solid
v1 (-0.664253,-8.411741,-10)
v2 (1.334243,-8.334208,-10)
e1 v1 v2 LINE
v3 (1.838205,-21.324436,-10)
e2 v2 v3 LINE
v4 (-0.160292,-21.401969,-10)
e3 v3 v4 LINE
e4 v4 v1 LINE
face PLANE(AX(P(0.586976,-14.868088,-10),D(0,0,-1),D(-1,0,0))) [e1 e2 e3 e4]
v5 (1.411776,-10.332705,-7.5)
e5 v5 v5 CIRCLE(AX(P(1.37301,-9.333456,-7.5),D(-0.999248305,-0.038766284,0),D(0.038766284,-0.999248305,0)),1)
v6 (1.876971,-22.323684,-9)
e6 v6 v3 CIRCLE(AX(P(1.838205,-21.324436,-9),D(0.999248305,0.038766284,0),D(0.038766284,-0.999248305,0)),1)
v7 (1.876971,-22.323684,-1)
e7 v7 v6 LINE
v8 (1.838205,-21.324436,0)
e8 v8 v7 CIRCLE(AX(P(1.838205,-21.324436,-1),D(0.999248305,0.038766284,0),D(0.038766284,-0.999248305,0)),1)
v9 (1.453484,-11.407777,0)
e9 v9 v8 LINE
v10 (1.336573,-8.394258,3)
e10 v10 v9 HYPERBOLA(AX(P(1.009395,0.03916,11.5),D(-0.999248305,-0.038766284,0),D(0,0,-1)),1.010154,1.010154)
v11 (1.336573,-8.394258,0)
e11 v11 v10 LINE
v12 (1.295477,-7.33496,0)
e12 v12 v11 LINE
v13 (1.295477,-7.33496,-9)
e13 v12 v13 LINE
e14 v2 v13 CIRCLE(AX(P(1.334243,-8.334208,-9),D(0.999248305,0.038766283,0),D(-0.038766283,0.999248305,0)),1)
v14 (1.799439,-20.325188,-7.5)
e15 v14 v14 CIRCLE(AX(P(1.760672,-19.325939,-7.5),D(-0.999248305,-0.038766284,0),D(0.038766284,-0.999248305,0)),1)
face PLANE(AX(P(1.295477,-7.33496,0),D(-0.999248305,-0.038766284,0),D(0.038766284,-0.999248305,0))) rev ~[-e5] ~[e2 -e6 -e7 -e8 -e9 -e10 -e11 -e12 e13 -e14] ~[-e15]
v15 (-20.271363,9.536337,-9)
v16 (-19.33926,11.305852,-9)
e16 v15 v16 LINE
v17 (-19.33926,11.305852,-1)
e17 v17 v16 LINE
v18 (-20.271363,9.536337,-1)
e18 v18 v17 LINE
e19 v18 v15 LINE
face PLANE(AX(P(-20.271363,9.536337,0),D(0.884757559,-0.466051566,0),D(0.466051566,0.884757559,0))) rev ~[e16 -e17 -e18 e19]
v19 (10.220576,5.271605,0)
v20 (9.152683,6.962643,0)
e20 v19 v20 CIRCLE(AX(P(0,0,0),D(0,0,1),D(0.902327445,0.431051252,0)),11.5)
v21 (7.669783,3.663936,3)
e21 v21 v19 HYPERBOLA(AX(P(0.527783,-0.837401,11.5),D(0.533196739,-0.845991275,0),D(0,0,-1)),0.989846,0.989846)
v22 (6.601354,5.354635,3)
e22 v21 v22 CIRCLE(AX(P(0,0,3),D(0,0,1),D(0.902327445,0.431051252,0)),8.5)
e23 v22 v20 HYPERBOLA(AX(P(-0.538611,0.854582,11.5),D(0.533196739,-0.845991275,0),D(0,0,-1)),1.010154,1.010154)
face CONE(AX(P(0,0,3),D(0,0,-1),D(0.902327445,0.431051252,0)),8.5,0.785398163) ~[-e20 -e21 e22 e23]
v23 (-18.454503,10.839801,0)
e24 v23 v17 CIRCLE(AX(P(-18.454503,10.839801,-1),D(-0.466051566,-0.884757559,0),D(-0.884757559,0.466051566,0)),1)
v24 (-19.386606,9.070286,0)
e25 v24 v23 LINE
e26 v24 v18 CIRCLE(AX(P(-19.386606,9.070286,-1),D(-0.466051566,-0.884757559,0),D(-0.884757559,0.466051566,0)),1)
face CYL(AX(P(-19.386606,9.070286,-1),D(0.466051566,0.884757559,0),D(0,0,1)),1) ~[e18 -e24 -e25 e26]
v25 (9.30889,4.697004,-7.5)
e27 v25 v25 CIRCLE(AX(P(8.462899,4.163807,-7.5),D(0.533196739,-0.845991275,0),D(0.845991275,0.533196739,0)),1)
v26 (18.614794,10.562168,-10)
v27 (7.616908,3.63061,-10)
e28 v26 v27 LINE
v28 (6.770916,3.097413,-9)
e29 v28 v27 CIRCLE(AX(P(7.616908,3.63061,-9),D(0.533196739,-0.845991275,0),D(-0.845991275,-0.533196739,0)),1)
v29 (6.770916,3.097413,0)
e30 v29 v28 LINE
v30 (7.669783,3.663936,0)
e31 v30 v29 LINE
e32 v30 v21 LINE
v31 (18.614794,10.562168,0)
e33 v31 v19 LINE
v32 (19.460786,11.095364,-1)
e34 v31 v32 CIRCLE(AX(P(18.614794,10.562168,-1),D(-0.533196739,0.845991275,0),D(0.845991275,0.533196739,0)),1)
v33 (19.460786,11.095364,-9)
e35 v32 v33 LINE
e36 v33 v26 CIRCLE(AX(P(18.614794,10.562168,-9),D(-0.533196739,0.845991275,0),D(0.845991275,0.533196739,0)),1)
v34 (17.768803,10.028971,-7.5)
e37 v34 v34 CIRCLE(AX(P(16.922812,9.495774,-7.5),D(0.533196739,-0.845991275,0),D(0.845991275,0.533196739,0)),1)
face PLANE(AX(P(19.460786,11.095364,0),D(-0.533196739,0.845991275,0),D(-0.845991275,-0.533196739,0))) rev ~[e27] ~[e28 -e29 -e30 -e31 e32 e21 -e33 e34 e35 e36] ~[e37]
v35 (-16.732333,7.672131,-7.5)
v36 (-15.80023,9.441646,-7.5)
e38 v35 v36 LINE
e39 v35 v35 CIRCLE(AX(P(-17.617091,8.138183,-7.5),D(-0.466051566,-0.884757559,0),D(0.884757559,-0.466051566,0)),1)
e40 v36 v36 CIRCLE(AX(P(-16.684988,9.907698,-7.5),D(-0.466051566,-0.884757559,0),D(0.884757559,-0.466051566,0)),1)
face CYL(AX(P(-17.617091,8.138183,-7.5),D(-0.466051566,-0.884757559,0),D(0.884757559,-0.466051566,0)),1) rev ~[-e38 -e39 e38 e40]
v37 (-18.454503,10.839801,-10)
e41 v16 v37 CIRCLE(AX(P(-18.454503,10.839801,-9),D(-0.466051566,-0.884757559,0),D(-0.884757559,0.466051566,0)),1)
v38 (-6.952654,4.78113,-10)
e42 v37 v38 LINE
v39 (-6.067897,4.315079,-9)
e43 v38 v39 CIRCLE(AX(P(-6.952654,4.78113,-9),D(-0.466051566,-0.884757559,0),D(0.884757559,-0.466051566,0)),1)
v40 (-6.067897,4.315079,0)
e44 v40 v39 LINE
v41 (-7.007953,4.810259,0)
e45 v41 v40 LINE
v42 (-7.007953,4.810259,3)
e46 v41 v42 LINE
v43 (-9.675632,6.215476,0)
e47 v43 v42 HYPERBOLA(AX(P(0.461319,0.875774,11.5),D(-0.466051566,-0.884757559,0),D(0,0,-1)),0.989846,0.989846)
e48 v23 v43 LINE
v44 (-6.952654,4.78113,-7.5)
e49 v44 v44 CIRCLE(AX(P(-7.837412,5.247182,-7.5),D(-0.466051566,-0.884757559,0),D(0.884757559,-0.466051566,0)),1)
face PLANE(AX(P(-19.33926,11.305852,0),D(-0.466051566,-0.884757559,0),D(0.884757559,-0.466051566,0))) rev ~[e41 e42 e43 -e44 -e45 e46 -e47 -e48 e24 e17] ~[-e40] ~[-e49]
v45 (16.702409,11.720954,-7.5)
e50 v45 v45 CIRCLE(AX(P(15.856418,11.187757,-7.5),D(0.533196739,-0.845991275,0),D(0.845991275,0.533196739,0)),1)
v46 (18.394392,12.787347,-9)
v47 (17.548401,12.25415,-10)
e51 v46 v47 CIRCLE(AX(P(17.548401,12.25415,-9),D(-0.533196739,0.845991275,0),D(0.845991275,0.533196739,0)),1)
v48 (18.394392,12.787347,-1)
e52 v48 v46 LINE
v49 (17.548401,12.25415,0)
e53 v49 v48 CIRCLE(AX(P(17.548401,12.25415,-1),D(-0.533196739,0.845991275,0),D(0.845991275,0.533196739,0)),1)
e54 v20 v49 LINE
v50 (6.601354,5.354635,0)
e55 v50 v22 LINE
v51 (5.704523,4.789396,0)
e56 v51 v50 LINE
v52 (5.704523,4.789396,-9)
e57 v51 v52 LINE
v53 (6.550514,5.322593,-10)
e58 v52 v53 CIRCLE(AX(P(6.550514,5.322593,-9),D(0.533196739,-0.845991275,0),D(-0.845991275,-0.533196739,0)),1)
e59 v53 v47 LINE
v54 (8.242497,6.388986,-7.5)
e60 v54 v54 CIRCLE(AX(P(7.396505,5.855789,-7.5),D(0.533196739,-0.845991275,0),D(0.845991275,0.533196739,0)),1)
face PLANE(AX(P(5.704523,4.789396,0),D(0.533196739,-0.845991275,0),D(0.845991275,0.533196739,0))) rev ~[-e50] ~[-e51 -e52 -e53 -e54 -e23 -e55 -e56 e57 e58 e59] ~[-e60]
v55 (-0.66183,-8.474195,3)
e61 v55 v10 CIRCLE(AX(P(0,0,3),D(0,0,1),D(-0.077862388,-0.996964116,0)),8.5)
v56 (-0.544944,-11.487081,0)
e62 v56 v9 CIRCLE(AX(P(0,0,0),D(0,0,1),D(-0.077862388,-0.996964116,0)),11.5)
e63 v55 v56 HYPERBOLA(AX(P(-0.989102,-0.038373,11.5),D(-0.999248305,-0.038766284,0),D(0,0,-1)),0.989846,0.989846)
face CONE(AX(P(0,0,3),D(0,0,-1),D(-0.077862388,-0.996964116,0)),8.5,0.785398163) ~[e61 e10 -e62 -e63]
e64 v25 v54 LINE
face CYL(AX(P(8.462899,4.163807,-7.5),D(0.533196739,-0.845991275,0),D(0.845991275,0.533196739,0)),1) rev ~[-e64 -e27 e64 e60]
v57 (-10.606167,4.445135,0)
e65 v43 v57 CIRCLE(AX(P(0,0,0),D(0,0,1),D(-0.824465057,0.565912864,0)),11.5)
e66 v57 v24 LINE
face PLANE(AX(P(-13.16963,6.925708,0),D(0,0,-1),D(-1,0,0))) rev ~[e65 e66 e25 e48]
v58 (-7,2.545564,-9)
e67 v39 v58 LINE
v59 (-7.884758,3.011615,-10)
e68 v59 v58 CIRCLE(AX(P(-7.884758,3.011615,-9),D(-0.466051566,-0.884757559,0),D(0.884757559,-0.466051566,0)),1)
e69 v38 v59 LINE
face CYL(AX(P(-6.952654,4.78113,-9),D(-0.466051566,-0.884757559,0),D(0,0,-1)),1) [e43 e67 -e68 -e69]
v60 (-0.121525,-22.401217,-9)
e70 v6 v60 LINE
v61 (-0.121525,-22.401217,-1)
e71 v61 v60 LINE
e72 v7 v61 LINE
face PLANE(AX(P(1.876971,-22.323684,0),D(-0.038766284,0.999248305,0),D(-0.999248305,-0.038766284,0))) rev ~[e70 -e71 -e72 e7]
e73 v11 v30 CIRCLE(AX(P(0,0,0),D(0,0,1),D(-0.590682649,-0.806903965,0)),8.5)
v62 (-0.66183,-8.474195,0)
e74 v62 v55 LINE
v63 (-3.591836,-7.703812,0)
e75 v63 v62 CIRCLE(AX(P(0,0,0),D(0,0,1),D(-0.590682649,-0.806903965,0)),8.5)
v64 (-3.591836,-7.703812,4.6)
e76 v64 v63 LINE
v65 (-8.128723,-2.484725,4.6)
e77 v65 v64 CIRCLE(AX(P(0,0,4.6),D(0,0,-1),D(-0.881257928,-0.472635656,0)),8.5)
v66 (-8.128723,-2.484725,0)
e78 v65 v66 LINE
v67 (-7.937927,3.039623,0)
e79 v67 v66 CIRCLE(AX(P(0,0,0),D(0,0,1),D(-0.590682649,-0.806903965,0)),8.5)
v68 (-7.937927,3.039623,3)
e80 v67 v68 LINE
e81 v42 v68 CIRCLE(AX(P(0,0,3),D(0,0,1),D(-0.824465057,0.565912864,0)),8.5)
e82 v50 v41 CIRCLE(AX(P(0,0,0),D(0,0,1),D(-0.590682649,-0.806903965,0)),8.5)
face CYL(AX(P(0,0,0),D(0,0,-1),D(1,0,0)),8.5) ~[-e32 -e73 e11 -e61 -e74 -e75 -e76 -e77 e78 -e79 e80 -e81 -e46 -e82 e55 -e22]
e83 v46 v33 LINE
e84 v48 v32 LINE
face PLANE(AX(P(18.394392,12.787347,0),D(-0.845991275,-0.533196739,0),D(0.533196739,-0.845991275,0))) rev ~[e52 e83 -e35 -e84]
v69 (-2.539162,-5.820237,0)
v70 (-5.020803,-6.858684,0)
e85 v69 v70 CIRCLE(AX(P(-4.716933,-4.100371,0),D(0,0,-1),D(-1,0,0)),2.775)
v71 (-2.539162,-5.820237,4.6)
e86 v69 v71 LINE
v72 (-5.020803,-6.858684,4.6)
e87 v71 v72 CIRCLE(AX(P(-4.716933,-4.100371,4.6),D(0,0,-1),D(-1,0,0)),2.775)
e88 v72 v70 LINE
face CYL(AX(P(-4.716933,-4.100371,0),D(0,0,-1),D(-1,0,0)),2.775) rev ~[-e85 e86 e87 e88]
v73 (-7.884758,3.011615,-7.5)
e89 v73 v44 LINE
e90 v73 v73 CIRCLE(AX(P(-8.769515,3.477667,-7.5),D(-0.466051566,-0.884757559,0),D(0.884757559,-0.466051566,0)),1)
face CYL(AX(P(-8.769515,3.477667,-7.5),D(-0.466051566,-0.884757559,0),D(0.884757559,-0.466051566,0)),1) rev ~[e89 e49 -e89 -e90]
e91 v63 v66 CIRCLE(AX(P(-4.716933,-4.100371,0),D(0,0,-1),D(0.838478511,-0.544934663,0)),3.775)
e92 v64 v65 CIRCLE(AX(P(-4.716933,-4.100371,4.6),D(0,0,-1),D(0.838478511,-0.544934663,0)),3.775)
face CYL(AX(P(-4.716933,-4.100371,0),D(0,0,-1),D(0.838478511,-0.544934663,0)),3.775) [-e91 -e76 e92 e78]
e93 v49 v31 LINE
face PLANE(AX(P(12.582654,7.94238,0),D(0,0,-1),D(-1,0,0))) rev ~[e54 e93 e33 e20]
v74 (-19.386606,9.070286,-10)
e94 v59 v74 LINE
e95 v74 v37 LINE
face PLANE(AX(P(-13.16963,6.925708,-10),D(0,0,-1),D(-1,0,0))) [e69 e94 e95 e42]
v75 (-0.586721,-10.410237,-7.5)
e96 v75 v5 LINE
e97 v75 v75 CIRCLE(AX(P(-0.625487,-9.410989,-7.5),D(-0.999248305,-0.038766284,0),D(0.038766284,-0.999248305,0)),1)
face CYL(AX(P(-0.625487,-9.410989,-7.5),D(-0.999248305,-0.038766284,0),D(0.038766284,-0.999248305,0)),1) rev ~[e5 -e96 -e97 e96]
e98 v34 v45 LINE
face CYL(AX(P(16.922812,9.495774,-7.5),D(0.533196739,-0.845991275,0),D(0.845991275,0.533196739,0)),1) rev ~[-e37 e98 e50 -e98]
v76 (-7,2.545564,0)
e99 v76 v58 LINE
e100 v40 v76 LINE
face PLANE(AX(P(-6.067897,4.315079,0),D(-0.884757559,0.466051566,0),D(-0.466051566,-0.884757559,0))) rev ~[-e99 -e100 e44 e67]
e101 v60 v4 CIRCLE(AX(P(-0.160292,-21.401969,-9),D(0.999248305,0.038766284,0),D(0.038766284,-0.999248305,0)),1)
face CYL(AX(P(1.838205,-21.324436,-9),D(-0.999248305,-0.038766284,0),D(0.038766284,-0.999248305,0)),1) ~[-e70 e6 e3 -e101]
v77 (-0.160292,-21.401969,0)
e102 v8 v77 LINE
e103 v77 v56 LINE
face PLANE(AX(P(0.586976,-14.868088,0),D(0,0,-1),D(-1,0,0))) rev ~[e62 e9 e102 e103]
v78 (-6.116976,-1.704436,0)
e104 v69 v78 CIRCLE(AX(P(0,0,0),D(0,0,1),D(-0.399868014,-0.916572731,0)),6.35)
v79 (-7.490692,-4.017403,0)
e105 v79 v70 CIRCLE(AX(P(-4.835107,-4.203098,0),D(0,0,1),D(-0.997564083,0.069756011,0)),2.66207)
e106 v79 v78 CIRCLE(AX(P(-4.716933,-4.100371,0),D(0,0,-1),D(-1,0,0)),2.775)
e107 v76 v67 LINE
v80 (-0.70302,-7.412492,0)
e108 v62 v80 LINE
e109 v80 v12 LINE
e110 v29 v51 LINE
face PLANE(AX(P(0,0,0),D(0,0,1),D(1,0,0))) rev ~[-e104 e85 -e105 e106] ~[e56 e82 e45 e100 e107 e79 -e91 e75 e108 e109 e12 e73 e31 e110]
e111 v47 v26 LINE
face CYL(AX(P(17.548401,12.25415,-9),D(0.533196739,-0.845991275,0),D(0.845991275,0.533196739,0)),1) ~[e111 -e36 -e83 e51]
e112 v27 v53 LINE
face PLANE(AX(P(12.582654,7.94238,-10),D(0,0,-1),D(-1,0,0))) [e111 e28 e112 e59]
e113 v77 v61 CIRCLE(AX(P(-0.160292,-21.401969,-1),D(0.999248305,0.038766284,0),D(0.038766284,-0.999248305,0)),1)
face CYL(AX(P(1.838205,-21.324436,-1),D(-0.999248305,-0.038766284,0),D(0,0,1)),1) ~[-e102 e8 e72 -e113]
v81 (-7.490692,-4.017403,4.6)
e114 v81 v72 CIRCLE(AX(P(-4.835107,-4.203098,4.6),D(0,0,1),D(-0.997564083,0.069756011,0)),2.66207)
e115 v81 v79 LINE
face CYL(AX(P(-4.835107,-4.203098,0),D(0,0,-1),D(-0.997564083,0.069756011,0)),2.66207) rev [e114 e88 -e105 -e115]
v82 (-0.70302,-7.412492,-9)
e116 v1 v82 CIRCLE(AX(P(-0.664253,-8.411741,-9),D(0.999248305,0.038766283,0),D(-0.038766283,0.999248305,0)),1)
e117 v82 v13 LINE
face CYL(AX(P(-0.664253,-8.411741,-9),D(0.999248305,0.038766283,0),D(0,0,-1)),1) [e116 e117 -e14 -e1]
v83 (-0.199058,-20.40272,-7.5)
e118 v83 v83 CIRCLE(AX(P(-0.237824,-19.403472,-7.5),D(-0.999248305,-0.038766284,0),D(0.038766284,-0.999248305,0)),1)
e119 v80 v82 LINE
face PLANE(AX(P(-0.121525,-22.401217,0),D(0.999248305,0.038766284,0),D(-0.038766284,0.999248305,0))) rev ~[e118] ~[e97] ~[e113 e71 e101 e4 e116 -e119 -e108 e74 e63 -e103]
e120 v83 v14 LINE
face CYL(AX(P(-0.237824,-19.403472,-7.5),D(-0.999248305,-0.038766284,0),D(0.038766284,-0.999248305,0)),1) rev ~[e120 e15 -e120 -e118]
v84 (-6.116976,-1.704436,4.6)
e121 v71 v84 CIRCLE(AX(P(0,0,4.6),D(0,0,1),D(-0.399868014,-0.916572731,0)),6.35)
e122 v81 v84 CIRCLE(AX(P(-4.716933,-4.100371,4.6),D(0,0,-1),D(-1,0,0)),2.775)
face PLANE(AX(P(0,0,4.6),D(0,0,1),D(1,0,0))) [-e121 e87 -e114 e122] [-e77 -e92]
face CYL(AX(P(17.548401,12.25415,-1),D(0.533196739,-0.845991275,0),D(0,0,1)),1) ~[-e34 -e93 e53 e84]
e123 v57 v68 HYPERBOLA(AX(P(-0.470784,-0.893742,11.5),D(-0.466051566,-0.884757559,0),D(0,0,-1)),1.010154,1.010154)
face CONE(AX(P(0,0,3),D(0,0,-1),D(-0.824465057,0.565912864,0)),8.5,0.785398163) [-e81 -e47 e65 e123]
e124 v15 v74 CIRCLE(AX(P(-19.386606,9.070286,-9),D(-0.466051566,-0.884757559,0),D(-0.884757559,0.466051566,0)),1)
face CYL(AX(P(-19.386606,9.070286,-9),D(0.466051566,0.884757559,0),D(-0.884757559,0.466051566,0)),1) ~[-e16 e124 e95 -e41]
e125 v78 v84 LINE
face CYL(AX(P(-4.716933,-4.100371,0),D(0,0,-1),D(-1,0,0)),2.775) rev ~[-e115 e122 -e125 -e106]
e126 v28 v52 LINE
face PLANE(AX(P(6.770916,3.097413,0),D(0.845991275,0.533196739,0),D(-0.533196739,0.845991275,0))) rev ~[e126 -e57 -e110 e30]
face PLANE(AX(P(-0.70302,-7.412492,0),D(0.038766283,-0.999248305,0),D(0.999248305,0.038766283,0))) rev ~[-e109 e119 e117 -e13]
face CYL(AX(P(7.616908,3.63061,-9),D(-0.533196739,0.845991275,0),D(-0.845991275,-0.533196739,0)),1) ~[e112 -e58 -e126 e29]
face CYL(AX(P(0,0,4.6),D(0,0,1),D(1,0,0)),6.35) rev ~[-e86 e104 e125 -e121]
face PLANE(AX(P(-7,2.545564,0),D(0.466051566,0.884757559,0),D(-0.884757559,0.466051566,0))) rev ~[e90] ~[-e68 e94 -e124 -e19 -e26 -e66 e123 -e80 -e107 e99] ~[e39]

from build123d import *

# Parameters (mm, degrees)
CROQUIS1_R              = 8.5
SALIENTE_EXTRUIR1_DEPTH = 4.6
CROQUIS6_R              = 6.35
CORTAR_EXTRUIR1_DEPTH   = 13.870897405
CROQUIS13_R             = 2.775
CORTAR_EXTRUIR7_DEPTH   = 10
SALIENTE_EXTRUIR4_DEPTH = 4.6
SALIENTE_EXTRUIR6_DEPTH = 10
CHAFL_N1_SIZE           = 3
REDONDEO1_R             = 1
CROQUIS16_R             = 1
CORTAR_EXTRUIR8_DEPTH   = 5
CHAFL_N3_SIZE           = 3
REDONDEO3_R             = 1
CROQUIS19_R             = 1
CORTAR_EXTRUIR10_DEPTH  = 5
CROQUIS20_R             = 1
CORTAR_EXTRUIR11_DEPTH  = 5


with BuildPart() as part:
    # Croquis1 → Saliente-Extruir1 (new body)
    with BuildSketch(Plane.XY):
        Circle(CROQUIS1_R)
    extrude(amount=SALIENTE_EXTRUIR1_DEPTH)

    # Croquis6 → Cortar-Extruir1 (cut, through all)
    with BuildSketch(Plane.XY.offset(4.6)):
        Circle(CROQUIS6_R)
    extrude(amount=-CORTAR_EXTRUIR1_DEPTH, mode=Mode.SUBTRACT)

    # Croquis13 → Cortar-Extruir7 (cut)
    with BuildSketch(Plane(origin=(0, 0, 0), x_dir=(-1, 0, 0), z_dir=(0, 0, -1))):
        with Locations((4.716932975, -4.100371118)):
            Circle(CROQUIS13_R)
    extrude(amount=-CORTAR_EXTRUIR7_DEPTH, mode=Mode.SUBTRACT)

    # Croquis14 → Saliente-Extruir4 (add)
    with BuildSketch(Plane(origin=(0, 0, 0), x_dir=(-1, 0, 0), z_dir=(0, 0, -1))):
        with BuildLine():
            ThreePointArc((1.551676597, -6.157499471), (7.565960492, -6.576995274), (6.313526123, -0.679623346))
            ThreePointArc((6.313526123, -0.679623346), (6.23633763, -1.196073977), (6.11697615, -1.704436205))
            ThreePointArc((6.11697615, -1.704436205), (7.102852286, -2.683326996), (7.490692392, -4.017403077))
            ThreePointArc((7.490692392, -4.017403077), (6.844195938, -5.949574331), (5.020802515, -6.858683701))
            ThreePointArc((5.020802515, -6.858683701), (3.645732845, -6.660284257), (2.539161891, -5.820236841))
            ThreePointArc((2.539161891, -5.820236841), (2.052358742, -6.0091866), (1.551676597, -6.157499471))
        make_face()
    extrude(amount=-SALIENTE_EXTRUIR4_DEPTH)

    # Croquis15 → Saliente-Extruir6 (add)
    with BuildSketch(Plane(origin=(0, 0, 0), x_dir=(-1, 0, 0), z_dir=(0, 0, -1))):
        Polygon((6.067896868, 4.315078912), (7, 2.545563795), (20.271363381, 9.536337286), (19.339260249, 11.305852404), align=None)
        Polygon((0.121525269, -22.401216868), (0.703019524, -7.412492291), (-1.295477087, -7.334959724), (-1.876971341, -22.323684301), align=None)
        Polygon((-19.460785518, 11.095364464), (-6.770916391, 3.097413379), (-5.704522913, 4.789395929), (-18.39439204, 12.787347014), align=None)
    extrude(amount=SALIENTE_EXTRUIR6_DEPTH)

    # Chaflán1
    chafl_n1_edges = [part.edges().sort_by_distance(p)[0] for p in [
        (-7.525199261, 3.952388655, 0),
    ]]
    chamfer(chafl_n1_edges, length=CHAFL_N1_SIZE)

    # Redondeo1
    redondeo1_edges = [part.edges().sort_by_distance(p)[0] for p in [
        (-19.805311815, 10.421094845, 0),
        (-6.533948434, 3.430321354, -10),
        (-19.805311815, 10.421094845, -10),
    ]]
    fillet(redondeo1_edges, radius=REDONDEO1_R)

    # Croquis16 → Cortar-Extruir8 (cut)
    with BuildSketch(Plane(origin=(-0.470783925, -0.893741523, 0), x_dir=(-0.8847575587350184, 0.46605156609676857, 0), z_dir=(-0.4660515660967685, -0.8847575587350183, 0))):
        with Locations(Location((9.379666904, 7.5, 0), (0, 0, 180))):
            Circle(CROQUIS16_R)
        with Locations(Location((19.379666904, 7.5, 0), (0, 0, 180))):
            Circle(CROQUIS16_R)
    extrude(amount=-CORTAR_EXTRUIR8_DEPTH, mode=Mode.SUBTRACT)

    # Chaflán3
    chafl_n3_edges = [part.edges().sort_by_distance(p)[0] for p in [
        (0.339730649, -8.493208056, 0),
        (7.185468612, 4.540819401, 0),
    ]]
    chamfer(chafl_n3_edges, length=CHAFL_N3_SIZE)

    # Redondeo3
    redondeo3_edges = [part.edges().sort_by_distance(p)[0] for p in [
        (0.877723036, -22.362450584, 0),
        (0.296228781, -7.373726008, -10),
        (0.877723036, -22.362450584, -10),
        (18.927588779, 11.941355739, 0),
        (6.237719652, 3.943404654, -10),
        (18.927588779, 11.941355739, -10),
    ]]
    fillet(redondeo3_edges, radius=REDONDEO3_R)

    # Croquis19 → Cortar-Extruir10 (cut)
    with BuildSketch(Plane(origin=(-0.989101784, -0.038372645, 0), x_dir=(0, 0, 1), z_dir=(-0.9992483051032128, -0.038766283654184684, 0))):
        with Locations(Location((-7.5, -9.379666904, 0), (0, 0, 270))):
            Circle(CROQUIS19_R)
        with Locations(Location((-7.5, -19.379666904, 0), (0, 0, 270))):
            Circle(CROQUIS19_R)
    extrude(amount=-CORTAR_EXTRUIR10_DEPTH, mode=Mode.SUBTRACT)

    # Croquis20 → Cortar-Extruir11 (cut)
    with BuildSketch(Plane(origin=(0.527782577, -0.83740095, 0), x_dir=(0.8459912750808336, 0.5331967390064434, 0), z_dir=(0.5331967390064434, -0.8459912750808336, 0))):
        with Locations((9.379666904, -7.5)):
            Circle(CROQUIS20_R)
        with Locations((19.379666904, -7.5)):
            Circle(CROQUIS20_R)
    extrude(amount=-CORTAR_EXTRUIR11_DEPTH, mode=Mode.SUBTRACT)


solid = part.part
